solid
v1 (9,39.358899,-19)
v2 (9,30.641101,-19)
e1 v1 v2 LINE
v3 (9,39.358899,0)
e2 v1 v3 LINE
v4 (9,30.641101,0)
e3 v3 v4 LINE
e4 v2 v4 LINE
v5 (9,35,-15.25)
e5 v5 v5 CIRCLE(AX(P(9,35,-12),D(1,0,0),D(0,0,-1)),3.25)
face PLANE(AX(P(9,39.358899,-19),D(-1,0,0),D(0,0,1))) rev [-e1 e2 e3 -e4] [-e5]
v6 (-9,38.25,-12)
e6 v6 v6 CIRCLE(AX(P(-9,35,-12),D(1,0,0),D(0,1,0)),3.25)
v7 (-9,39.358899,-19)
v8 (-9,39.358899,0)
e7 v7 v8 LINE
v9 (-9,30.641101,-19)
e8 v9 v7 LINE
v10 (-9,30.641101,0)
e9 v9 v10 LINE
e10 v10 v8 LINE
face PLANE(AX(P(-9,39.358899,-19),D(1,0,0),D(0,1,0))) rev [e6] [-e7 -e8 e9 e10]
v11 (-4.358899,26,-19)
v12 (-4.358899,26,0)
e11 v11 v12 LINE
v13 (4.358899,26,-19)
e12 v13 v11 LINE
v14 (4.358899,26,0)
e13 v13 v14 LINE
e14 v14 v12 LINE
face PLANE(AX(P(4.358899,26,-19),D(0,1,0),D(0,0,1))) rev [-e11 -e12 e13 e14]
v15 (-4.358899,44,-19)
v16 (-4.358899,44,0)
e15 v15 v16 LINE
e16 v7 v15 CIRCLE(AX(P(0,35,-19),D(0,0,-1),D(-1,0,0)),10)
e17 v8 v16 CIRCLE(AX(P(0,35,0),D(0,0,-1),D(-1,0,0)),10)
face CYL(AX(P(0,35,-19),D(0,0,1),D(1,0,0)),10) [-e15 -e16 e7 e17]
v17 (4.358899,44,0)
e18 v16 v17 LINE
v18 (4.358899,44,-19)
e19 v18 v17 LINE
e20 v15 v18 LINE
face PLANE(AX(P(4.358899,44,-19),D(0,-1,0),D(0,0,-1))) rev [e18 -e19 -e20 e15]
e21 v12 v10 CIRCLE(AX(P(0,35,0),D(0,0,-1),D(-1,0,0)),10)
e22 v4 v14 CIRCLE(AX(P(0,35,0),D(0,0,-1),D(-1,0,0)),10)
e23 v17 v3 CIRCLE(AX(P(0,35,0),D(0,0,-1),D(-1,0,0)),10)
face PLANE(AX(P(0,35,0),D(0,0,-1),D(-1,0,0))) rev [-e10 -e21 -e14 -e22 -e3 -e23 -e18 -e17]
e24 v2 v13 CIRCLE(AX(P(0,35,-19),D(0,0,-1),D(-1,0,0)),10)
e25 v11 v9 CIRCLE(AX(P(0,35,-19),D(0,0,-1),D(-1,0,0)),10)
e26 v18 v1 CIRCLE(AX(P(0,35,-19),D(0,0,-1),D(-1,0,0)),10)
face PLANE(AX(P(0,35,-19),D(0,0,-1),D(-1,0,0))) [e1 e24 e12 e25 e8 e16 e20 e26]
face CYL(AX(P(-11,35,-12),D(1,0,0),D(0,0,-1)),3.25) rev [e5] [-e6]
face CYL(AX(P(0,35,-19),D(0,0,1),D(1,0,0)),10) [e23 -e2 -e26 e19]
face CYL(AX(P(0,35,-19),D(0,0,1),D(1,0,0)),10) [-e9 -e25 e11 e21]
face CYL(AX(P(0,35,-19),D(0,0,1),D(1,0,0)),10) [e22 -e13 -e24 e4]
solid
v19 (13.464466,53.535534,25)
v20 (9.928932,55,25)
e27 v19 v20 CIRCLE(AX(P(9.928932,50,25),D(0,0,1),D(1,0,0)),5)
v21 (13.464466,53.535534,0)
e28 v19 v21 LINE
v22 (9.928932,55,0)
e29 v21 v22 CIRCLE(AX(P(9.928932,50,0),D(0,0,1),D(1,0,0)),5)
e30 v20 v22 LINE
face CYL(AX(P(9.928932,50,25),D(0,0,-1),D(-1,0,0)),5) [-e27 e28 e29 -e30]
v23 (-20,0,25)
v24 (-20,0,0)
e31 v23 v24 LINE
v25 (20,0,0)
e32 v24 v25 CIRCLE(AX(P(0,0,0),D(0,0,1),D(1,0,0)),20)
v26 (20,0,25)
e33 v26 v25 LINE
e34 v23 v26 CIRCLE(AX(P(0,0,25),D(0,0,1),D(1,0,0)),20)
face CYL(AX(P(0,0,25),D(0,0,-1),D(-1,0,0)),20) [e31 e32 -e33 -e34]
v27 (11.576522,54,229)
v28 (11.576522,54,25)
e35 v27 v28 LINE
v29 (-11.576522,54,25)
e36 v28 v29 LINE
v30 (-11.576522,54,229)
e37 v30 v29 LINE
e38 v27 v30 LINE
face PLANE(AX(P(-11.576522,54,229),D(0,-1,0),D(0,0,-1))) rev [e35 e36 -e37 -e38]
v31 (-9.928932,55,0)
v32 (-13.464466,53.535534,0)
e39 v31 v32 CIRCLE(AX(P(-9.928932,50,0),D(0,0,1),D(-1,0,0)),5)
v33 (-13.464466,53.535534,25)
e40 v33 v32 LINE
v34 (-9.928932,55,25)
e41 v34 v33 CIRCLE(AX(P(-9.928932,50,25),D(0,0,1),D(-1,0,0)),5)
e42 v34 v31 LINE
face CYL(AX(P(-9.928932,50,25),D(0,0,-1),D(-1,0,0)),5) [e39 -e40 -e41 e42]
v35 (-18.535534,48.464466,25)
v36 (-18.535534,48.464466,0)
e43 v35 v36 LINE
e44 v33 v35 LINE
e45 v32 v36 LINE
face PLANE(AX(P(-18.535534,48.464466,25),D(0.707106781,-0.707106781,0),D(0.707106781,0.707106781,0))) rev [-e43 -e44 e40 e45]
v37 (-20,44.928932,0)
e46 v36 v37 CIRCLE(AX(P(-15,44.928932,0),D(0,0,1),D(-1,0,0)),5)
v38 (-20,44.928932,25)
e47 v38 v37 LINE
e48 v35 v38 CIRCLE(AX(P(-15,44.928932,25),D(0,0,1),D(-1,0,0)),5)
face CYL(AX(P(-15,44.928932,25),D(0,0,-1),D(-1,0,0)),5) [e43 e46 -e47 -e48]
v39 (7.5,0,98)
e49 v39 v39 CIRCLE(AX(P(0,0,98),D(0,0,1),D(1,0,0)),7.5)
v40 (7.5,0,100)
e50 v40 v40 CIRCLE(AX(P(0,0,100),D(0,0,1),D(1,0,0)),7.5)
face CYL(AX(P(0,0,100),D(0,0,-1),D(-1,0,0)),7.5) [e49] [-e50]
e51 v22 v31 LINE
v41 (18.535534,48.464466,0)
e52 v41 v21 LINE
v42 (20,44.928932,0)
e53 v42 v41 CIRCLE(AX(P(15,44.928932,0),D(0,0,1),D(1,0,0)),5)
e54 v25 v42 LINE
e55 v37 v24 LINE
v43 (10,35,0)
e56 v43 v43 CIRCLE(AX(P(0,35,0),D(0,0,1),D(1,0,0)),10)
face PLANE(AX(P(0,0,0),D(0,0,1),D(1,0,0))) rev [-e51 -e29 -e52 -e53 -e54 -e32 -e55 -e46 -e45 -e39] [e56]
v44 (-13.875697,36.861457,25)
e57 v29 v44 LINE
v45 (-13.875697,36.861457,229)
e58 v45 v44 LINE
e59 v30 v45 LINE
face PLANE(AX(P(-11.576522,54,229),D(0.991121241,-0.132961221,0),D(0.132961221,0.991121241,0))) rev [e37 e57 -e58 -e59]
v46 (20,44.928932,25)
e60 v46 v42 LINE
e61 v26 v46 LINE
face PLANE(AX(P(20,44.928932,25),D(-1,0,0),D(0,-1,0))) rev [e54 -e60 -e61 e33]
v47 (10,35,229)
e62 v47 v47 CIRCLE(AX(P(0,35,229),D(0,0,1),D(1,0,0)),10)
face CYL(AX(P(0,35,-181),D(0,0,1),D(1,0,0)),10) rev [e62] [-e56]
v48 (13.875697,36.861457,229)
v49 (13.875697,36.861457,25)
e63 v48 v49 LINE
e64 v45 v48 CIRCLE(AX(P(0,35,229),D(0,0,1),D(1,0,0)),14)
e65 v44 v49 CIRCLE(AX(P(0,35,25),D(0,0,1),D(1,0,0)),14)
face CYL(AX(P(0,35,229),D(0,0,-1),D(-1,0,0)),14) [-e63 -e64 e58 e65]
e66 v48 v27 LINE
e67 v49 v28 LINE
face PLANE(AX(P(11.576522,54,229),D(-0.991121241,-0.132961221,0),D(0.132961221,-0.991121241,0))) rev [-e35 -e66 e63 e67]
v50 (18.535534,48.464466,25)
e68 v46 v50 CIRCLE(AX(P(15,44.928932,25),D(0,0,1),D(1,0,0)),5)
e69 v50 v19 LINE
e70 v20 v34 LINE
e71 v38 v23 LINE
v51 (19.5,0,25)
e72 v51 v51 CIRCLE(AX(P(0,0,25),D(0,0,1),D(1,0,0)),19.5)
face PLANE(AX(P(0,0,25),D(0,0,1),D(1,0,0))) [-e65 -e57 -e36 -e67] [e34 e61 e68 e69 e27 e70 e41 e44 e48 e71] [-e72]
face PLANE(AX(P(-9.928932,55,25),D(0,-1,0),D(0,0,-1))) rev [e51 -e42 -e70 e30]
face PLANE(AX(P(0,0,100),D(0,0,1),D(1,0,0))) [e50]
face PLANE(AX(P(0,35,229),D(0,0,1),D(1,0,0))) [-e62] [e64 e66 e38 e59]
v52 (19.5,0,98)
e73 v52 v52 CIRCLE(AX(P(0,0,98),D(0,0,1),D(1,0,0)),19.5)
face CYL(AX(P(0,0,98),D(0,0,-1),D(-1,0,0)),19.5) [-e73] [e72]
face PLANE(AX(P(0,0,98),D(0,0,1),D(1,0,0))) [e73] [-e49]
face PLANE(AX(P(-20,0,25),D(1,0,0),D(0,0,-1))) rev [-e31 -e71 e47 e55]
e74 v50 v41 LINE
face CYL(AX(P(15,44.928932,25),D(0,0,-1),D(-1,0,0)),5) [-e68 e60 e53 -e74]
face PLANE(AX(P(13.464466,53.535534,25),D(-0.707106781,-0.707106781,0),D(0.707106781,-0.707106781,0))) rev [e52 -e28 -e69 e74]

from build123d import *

# Parameters (mm, degrees)
EXTRUDE_1_DEPTH     = 25
SKETCH_2_R          = 19.5
EXTRUDE_2_DEPTH     = 73
SKETCH_3_R          = 7.5
EXTRUDE_3_DEPTH     = 2
EXTRUDE_4_DEPTH     = 204
SKETCH_5_R          = 10
CUT_EXTRUDE_1_DEPTH = 410
EXTRUDE_5_DEPTH     = 19
SKETCH_7_R          = 3.25
CUT_EXTRUDE_2_DEPTH = 20


with BuildPart() as part:
    # 草图1 → 凸台-拉伸1 (new body)
    with BuildSketch(Plane.XY):
        with BuildLine():
            Line((-20, 0), (-20, 44.928932188))
            ThreePointArc((-20, 44.928932188), (-19.619397663, 46.84234935), (-18.535533906, 48.464466094))
            Line((-18.535533906, 48.464466094), (-13.464466094, 53.535533906))
            ThreePointArc((-13.464466094, 53.535533906), (-11.84234935, 54.619397663), (-9.928932188, 55))
            Line((-9.928932188, 55), (9.928932188, 55))
            ThreePointArc((9.928932188, 55), (11.84234935, 54.619397663), (13.464466094, 53.535533906))
            Line((13.464466094, 53.535533906), (18.535533906, 48.464466094))
            ThreePointArc((18.535533906, 48.464466094), (19.619397663, 46.84234935), (20, 44.928932188))
            Line((20, 44.928932188), (20, 0))
            ThreePointArc((20, 0), (0, -20), (-20, 0))
        make_face()
    extrude(amount=EXTRUDE_1_DEPTH)

    # 草图2 → 凸台-拉伸2 (add)
    with BuildSketch(Plane.XY.offset(25)):
        Circle(SKETCH_2_R)
    extrude(amount=EXTRUDE_2_DEPTH)

    # 草图3 → 凸台-拉伸3 (add)
    with BuildSketch(Plane.XY.offset(98)):
        Circle(SKETCH_3_R)
    extrude(amount=EXTRUDE_3_DEPTH)

    # 草图4 → 凸台-拉伸4 (add)
    with BuildSketch(Plane.XY.offset(25)):
        with BuildLine():
            Line((-11.576521962, 54), (-13.87569737, 36.861457087))
            ThreePointArc((-13.87569737, 36.861457087), (0, 21), (13.87569737, 36.861457087))
            Line((13.87569737, 36.861457087), (11.576521962, 54))
            Line((11.576521962, 54), (-11.576521962, 54))
        make_face()
    extrude(amount=EXTRUDE_4_DEPTH)

    # 草图5 → 切除-拉伸1 (cut)
    with BuildSketch(Plane.XY.offset(229)):
        with Locations((0, 35)):
            Circle(SKETCH_5_R)
    extrude(amount=-CUT_EXTRUDE_1_DEPTH, mode=Mode.SUBTRACT)


with BuildPart() as body_2:
    # 草图6 → 凸台-拉伸5 (new body)
    with BuildSketch(Plane(origin=(0, 0, 0), x_dir=(-1, 0, 0), z_dir=(0, 0, -1))):
        with BuildLine():
            Line((-4.358898944, 44), (4.358898944, 44))
            ThreePointArc((4.358898944, 44), (7.071067812, 42.071067812), (9, 39.358898944))
            Line((9, 39.358898944), (9, 30.641101056))
            ThreePointArc((9, 30.641101056), (7.071067812, 27.928932188), (4.358898944, 26))
            Line((4.358898944, 26), (-4.358898944, 26))
            ThreePointArc((-4.358898944, 26), (-7.071067812, 27.928932188), (-9, 30.641101056))
            Line((-9, 30.641101056), (-9, 39.358898944))
            ThreePointArc((-9, 39.358898944), (-7.071067812, 42.071067812), (-4.358898944, 44))
        make_face()
    extrude(amount=EXTRUDE_5_DEPTH)

    # 草图7 → 切除-拉伸2 (cut)
    with BuildSketch(Plane(origin=(9, 0, 0), x_dir=(0, 0, -1), z_dir=(1, 0, 0))):
        with Locations((12, 35)):
            Circle(SKETCH_7_R)
    extrude(amount=-CUT_EXTRUDE_2_DEPTH, mode=Mode.SUBTRACT)


solid = Compound([part.part, body_2.part])
